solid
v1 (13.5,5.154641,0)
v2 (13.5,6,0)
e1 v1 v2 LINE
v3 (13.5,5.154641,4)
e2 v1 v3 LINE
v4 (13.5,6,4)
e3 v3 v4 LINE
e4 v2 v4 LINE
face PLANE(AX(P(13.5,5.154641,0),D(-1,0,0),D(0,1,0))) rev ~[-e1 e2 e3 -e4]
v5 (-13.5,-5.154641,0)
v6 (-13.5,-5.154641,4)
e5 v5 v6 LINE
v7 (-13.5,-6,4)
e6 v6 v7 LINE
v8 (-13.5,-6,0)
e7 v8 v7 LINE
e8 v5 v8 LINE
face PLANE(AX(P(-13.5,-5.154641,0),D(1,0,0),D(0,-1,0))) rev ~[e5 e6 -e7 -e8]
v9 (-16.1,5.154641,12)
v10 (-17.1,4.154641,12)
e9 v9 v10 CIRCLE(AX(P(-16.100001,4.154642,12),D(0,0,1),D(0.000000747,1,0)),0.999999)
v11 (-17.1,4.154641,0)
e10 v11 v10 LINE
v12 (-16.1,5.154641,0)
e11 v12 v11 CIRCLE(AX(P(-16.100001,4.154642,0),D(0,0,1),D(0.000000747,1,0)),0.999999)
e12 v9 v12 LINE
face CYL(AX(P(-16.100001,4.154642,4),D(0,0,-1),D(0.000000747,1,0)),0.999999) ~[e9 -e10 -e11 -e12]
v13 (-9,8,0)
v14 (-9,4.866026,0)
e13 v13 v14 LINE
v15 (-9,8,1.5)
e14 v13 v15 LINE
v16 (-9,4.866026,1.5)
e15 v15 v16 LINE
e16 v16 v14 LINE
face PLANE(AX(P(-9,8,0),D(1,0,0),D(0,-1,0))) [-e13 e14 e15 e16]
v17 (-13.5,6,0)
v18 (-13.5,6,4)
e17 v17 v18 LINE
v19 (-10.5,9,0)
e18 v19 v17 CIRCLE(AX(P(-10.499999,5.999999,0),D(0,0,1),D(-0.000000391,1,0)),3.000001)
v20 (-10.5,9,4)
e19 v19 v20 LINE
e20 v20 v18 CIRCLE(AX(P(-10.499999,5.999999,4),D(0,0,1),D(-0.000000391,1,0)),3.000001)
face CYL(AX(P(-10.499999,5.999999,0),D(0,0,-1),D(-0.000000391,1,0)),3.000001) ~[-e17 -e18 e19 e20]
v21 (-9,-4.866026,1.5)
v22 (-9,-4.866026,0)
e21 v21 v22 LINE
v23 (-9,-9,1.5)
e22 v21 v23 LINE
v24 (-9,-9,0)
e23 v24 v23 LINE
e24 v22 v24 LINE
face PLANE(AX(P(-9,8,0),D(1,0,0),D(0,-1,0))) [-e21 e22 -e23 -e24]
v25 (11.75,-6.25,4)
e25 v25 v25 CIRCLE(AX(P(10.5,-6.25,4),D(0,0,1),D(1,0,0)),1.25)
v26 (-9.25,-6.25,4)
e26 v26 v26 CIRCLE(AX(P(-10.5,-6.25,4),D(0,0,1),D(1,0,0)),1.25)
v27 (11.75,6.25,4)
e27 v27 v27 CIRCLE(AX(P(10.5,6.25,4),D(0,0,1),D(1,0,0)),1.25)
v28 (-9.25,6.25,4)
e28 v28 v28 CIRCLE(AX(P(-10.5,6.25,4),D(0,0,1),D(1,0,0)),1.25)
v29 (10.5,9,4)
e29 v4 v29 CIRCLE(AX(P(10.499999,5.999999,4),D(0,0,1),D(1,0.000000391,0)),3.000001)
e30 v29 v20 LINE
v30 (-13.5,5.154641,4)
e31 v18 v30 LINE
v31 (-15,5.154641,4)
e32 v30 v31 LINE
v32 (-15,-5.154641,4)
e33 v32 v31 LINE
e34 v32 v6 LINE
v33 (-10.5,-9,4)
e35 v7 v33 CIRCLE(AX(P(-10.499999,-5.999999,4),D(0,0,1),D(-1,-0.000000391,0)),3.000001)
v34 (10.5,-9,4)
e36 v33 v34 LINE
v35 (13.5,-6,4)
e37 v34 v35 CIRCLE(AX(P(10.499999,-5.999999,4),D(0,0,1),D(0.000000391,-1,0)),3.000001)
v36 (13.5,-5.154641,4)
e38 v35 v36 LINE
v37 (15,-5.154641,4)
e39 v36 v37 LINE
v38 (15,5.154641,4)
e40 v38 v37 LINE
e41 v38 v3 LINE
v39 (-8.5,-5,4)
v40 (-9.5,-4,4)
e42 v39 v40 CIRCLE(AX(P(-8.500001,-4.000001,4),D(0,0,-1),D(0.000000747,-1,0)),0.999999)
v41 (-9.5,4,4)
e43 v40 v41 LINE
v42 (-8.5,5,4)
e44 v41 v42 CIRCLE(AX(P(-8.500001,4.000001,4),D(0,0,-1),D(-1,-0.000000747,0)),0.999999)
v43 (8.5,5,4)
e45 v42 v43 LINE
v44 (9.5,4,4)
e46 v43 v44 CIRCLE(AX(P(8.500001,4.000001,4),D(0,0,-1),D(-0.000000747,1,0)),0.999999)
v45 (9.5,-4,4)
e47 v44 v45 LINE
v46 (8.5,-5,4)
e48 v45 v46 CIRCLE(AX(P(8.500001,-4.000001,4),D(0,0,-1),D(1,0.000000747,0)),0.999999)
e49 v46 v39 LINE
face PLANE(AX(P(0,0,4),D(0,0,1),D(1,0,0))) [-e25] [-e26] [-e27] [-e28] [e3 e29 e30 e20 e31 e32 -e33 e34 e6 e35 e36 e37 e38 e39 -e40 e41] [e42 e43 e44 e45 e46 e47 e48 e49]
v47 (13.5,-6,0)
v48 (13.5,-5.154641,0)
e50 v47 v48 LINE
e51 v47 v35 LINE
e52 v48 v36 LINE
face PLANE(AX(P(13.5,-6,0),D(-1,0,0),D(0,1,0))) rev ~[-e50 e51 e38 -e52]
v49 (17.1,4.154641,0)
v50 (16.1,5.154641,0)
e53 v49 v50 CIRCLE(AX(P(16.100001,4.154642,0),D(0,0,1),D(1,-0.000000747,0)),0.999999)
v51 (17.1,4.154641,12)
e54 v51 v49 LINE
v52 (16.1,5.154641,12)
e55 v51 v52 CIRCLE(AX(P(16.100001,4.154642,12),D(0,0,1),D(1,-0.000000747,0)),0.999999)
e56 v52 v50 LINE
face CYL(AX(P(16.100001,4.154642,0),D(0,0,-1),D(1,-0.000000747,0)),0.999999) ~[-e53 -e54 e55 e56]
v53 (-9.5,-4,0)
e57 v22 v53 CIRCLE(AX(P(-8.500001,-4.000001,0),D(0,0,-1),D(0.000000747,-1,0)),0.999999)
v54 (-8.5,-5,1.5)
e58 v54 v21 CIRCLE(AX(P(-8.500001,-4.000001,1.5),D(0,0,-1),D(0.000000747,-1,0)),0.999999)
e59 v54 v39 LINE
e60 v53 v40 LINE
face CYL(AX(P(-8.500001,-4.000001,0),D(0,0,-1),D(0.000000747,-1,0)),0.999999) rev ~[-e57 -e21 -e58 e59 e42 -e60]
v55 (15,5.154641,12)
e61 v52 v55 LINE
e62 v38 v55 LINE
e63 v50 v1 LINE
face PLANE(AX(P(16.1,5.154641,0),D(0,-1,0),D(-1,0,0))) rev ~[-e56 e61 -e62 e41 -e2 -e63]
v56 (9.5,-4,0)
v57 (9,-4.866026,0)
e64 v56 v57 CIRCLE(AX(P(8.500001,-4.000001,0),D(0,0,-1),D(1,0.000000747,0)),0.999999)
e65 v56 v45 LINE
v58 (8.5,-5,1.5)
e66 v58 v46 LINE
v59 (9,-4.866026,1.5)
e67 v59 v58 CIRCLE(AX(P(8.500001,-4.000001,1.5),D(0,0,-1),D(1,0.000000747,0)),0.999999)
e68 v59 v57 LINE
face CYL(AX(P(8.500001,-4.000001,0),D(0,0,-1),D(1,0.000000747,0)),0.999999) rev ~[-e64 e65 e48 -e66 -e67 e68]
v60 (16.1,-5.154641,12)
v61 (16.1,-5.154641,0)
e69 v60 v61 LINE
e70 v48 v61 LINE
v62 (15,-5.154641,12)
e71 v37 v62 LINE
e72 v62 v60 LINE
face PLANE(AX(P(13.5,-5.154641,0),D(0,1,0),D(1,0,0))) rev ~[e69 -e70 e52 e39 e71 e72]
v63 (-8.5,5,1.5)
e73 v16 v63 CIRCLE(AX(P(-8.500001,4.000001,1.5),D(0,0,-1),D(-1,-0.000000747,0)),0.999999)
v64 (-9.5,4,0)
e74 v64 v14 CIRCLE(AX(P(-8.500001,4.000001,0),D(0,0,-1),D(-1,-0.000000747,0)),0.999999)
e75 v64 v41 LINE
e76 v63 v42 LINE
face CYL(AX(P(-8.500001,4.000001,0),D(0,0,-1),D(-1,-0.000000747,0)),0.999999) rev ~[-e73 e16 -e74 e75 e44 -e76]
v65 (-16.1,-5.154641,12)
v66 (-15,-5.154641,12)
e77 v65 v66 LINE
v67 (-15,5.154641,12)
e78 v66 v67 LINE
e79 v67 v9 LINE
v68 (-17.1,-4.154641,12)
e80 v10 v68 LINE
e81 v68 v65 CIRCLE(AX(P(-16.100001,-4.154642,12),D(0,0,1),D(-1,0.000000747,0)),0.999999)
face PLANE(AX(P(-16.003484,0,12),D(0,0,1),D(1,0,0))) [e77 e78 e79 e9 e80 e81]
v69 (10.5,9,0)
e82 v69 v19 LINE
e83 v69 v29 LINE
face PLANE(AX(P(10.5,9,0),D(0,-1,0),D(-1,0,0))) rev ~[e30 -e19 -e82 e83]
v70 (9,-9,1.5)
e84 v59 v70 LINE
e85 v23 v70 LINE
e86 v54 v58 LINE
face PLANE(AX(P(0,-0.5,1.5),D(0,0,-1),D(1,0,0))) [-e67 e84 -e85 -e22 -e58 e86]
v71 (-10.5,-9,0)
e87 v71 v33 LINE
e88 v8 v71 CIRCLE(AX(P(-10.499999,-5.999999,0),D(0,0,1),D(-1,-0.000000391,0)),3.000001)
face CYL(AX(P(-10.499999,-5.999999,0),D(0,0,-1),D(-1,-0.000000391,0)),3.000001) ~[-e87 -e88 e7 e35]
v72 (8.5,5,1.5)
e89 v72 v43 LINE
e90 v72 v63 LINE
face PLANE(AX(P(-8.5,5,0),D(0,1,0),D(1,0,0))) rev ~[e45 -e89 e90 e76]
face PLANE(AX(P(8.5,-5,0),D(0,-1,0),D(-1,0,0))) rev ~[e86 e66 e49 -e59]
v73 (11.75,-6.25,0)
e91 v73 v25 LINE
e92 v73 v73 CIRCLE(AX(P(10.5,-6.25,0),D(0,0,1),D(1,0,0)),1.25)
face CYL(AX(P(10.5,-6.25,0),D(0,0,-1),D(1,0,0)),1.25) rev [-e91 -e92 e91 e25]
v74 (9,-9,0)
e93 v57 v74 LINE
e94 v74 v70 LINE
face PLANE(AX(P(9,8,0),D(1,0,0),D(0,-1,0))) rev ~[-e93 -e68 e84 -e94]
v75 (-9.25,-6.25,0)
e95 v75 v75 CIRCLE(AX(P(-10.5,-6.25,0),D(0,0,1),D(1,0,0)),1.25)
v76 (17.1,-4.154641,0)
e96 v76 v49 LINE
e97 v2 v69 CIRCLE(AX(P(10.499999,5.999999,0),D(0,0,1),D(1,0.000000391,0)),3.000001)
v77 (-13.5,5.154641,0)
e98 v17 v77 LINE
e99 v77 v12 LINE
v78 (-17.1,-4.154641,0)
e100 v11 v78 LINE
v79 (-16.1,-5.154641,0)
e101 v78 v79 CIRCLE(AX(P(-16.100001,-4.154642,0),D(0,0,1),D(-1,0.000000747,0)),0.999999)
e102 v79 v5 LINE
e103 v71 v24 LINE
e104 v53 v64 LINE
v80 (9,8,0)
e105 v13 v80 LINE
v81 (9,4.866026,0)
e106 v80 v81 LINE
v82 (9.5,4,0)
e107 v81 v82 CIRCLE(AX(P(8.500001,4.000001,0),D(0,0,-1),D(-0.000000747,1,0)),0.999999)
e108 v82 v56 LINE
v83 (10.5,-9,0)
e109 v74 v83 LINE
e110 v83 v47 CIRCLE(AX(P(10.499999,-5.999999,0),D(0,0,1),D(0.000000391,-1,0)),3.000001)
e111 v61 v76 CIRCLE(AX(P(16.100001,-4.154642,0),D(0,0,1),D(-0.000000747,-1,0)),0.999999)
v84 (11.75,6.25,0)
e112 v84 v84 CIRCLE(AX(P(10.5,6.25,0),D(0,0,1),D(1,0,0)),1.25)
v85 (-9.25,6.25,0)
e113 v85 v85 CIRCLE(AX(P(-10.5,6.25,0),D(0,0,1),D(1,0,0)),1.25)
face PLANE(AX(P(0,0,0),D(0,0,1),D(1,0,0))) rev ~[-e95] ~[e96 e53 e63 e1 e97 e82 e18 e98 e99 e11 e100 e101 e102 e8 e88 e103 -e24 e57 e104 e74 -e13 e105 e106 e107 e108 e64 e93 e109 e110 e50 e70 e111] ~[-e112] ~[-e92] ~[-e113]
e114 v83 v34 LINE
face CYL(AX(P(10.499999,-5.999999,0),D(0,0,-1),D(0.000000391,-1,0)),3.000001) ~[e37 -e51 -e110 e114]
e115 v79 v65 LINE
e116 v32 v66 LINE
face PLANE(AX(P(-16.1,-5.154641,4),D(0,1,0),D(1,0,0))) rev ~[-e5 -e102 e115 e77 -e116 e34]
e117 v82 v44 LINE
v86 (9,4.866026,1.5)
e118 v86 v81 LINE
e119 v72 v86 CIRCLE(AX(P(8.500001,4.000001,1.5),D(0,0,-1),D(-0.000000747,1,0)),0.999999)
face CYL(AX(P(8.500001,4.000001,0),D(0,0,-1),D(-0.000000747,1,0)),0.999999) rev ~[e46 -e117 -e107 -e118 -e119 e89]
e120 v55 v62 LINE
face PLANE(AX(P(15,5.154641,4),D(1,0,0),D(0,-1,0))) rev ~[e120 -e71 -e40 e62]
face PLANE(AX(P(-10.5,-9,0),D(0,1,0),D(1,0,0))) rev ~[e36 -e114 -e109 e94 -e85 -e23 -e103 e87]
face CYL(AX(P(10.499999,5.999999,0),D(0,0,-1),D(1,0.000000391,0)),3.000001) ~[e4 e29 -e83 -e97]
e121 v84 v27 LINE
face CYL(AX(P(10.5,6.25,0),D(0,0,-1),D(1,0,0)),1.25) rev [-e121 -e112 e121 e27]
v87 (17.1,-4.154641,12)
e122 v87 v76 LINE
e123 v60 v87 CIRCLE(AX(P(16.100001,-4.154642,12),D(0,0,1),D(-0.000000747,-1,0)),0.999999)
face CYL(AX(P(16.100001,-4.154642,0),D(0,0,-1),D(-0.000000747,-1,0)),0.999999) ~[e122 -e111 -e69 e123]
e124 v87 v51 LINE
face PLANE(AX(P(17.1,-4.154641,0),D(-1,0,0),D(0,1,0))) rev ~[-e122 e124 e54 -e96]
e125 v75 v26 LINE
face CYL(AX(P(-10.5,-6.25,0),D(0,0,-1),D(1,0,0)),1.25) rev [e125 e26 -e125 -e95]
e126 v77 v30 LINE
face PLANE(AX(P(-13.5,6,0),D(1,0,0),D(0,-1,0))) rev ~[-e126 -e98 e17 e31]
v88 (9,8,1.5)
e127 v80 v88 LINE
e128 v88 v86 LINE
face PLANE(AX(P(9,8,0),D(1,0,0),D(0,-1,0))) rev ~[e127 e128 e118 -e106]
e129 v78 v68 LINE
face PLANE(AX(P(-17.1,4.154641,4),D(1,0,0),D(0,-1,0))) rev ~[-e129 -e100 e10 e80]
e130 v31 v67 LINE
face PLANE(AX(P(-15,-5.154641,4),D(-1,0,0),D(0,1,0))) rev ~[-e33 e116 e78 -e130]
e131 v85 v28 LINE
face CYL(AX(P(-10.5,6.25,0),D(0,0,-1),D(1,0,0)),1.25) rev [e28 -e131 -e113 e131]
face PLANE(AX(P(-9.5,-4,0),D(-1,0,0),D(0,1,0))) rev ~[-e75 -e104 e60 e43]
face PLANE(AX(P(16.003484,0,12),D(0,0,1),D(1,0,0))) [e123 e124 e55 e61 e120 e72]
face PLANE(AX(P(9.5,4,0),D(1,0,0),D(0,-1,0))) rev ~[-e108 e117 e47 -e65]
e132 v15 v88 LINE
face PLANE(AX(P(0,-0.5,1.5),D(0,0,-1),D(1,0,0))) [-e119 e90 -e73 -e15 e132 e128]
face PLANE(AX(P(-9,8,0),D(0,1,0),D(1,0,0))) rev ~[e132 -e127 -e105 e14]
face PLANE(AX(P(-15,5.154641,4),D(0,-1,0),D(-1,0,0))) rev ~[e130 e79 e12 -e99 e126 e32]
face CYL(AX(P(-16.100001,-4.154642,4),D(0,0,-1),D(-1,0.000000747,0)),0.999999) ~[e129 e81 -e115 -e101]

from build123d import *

# Parameters (mm, degrees)
F0_R     = 1.25
F1_DEPTH = 4
F2_W     = 18
F2_H     = 17
F3_DEPTH = 1.5
F5_DEPTH = 8


with BuildPart() as f1:
    # F0 (on Top) → F1 (new body)
    with BuildSketch(Plane.XY):
        with BuildLine():
            Line((-10.5, -9), (10.5, -9))
            ThreePointArc((10.5, -9), (12.62132, -8.12132), (13.5, -6))
            Line((13.5, -6), (13.5, -5.154641))
            Line((13.5, -5.154641), (13.5, 5.154641))
            Line((13.5, 5.154641), (13.5, 6))
            ThreePointArc((13.5, 6), (12.62132, 8.12132), (10.5, 9))
            Line((10.5, 9), (-10.5, 9))
            ThreePointArc((-10.5, 9), (-12.62132, 8.12132), (-13.5, 6))
            Line((-13.5, 6), (-13.5, 5.154641))
            Line((-13.5, 5.154641), (-13.5, -5.154641))
            Line((-13.5, -5.154641), (-13.5, -6))
            ThreePointArc((-13.5, -6), (-12.62132, -8.12132), (-10.5, -9))
        make_face()
        with Locations((-10.5, -6.25)):
            Circle(F0_R, mode=Mode.SUBTRACT)
        with Locations((10.5, -6.25)):
            Circle(F0_R, mode=Mode.SUBTRACT)
        with Locations((-10.5, 6.25)):
            Circle(F0_R, mode=Mode.SUBTRACT)
        with BuildLine():
            ThreePointArc((9.5, -4), (9.207107, -4.707107), (8.5, -5))
            Line((8.5, -5), (-8.5, -5))
            ThreePointArc((-8.5, -5), (-9.207107, -4.707107), (-9.5, -4))
            Line((-9.5, -4), (-9.5, 4))
            ThreePointArc((-9.5, 4), (-9.207107, 4.707107), (-8.5, 5))
            Line((-8.5, 5), (8.5, 5))
            ThreePointArc((8.5, 5), (9.207107, 4.707107), (9.5, 4))
            Line((9.5, 4), (9.5, -4))
        make_face(mode=Mode.SUBTRACT)
        with Locations((10.5, 6.25)):
            Circle(F0_R, mode=Mode.SUBTRACT)
        with BuildLine():
            Line((13.5, 5.154641), (13.5, -5.154641))
            Line((13.5, -5.154641), (16.1, -5.154641))
            ThreePointArc((16.1, -5.154641), (16.807107, -4.861748), (17.1, -4.154641))
            Line((17.1, -4.154641), (17.1, 4.154641))
            ThreePointArc((17.1, 4.154641), (16.807107, 4.861748), (16.1, 5.154641))
            Line((16.1, 5.154641), (13.5, 5.154641))
        make_face()
        with BuildLine():
            Line((-16.1, -5.154641), (-13.5, -5.154641))
            Line((-13.5, -5.154641), (-13.5, 5.154641))
            Line((-13.5, 5.154641), (-16.1, 5.154641))
            ThreePointArc((-16.1, 5.154641), (-16.807107, 4.861748), (-17.1, 4.154641))
            Line((-17.1, 4.154641), (-17.1, -4.154641))
            ThreePointArc((-17.1, -4.154641), (-16.807107, -4.861748), (-16.1, -5.154641))
        make_face()
    extrude(amount=F1_DEPTH)

    # F2 (on face) → F3 (cut)
    with BuildSketch(Plane(origin=(0, 0, 0), x_dir=(1, 0, 0), z_dir=(0, 0, -1))):
        with Locations((0, 0.5)):
            Rectangle(F2_W, F2_H)
    extrude(amount=-F3_DEPTH, mode=Mode.SUBTRACT)

    # F4 (on face) → F5 (join)
    with BuildSketch(Plane.XY.offset(4)):
        with BuildLine():
            ThreePointArc((-16.1, 5.154641), (-16.807107, 4.861748), (-17.1, 4.154641))
            Line((-17.1, 4.154641), (-17.1, -4.154641))
            ThreePointArc((-17.1, -4.154641), (-16.807107, -4.861748), (-16.1, -5.154641))
            Line((-16.1, -5.154641), (-15, -5.154641))
            Line((-15, -5.154641), (-15, 5.154641))
            Line((-15, 5.154641), (-16.1, 5.154641))
        make_face()
        with BuildLine():
            ThreePointArc((17.1, 4.154641), (16.807107, 4.861748), (16.1, 5.154641))
            Line((16.1, 5.154641), (15, 5.154641))
            Line((15, 5.154641), (15, -5.154641))
            Line((15, -5.154641), (16.1, -5.154641))
            ThreePointArc((16.1, -5.154641), (16.807107, -4.861748), (17.1, -4.154641))
            Line((17.1, -4.154641), (17.1, 4.154641))
        make_face()
    extrude(amount=F5_DEPTH)


solid = f1.part
